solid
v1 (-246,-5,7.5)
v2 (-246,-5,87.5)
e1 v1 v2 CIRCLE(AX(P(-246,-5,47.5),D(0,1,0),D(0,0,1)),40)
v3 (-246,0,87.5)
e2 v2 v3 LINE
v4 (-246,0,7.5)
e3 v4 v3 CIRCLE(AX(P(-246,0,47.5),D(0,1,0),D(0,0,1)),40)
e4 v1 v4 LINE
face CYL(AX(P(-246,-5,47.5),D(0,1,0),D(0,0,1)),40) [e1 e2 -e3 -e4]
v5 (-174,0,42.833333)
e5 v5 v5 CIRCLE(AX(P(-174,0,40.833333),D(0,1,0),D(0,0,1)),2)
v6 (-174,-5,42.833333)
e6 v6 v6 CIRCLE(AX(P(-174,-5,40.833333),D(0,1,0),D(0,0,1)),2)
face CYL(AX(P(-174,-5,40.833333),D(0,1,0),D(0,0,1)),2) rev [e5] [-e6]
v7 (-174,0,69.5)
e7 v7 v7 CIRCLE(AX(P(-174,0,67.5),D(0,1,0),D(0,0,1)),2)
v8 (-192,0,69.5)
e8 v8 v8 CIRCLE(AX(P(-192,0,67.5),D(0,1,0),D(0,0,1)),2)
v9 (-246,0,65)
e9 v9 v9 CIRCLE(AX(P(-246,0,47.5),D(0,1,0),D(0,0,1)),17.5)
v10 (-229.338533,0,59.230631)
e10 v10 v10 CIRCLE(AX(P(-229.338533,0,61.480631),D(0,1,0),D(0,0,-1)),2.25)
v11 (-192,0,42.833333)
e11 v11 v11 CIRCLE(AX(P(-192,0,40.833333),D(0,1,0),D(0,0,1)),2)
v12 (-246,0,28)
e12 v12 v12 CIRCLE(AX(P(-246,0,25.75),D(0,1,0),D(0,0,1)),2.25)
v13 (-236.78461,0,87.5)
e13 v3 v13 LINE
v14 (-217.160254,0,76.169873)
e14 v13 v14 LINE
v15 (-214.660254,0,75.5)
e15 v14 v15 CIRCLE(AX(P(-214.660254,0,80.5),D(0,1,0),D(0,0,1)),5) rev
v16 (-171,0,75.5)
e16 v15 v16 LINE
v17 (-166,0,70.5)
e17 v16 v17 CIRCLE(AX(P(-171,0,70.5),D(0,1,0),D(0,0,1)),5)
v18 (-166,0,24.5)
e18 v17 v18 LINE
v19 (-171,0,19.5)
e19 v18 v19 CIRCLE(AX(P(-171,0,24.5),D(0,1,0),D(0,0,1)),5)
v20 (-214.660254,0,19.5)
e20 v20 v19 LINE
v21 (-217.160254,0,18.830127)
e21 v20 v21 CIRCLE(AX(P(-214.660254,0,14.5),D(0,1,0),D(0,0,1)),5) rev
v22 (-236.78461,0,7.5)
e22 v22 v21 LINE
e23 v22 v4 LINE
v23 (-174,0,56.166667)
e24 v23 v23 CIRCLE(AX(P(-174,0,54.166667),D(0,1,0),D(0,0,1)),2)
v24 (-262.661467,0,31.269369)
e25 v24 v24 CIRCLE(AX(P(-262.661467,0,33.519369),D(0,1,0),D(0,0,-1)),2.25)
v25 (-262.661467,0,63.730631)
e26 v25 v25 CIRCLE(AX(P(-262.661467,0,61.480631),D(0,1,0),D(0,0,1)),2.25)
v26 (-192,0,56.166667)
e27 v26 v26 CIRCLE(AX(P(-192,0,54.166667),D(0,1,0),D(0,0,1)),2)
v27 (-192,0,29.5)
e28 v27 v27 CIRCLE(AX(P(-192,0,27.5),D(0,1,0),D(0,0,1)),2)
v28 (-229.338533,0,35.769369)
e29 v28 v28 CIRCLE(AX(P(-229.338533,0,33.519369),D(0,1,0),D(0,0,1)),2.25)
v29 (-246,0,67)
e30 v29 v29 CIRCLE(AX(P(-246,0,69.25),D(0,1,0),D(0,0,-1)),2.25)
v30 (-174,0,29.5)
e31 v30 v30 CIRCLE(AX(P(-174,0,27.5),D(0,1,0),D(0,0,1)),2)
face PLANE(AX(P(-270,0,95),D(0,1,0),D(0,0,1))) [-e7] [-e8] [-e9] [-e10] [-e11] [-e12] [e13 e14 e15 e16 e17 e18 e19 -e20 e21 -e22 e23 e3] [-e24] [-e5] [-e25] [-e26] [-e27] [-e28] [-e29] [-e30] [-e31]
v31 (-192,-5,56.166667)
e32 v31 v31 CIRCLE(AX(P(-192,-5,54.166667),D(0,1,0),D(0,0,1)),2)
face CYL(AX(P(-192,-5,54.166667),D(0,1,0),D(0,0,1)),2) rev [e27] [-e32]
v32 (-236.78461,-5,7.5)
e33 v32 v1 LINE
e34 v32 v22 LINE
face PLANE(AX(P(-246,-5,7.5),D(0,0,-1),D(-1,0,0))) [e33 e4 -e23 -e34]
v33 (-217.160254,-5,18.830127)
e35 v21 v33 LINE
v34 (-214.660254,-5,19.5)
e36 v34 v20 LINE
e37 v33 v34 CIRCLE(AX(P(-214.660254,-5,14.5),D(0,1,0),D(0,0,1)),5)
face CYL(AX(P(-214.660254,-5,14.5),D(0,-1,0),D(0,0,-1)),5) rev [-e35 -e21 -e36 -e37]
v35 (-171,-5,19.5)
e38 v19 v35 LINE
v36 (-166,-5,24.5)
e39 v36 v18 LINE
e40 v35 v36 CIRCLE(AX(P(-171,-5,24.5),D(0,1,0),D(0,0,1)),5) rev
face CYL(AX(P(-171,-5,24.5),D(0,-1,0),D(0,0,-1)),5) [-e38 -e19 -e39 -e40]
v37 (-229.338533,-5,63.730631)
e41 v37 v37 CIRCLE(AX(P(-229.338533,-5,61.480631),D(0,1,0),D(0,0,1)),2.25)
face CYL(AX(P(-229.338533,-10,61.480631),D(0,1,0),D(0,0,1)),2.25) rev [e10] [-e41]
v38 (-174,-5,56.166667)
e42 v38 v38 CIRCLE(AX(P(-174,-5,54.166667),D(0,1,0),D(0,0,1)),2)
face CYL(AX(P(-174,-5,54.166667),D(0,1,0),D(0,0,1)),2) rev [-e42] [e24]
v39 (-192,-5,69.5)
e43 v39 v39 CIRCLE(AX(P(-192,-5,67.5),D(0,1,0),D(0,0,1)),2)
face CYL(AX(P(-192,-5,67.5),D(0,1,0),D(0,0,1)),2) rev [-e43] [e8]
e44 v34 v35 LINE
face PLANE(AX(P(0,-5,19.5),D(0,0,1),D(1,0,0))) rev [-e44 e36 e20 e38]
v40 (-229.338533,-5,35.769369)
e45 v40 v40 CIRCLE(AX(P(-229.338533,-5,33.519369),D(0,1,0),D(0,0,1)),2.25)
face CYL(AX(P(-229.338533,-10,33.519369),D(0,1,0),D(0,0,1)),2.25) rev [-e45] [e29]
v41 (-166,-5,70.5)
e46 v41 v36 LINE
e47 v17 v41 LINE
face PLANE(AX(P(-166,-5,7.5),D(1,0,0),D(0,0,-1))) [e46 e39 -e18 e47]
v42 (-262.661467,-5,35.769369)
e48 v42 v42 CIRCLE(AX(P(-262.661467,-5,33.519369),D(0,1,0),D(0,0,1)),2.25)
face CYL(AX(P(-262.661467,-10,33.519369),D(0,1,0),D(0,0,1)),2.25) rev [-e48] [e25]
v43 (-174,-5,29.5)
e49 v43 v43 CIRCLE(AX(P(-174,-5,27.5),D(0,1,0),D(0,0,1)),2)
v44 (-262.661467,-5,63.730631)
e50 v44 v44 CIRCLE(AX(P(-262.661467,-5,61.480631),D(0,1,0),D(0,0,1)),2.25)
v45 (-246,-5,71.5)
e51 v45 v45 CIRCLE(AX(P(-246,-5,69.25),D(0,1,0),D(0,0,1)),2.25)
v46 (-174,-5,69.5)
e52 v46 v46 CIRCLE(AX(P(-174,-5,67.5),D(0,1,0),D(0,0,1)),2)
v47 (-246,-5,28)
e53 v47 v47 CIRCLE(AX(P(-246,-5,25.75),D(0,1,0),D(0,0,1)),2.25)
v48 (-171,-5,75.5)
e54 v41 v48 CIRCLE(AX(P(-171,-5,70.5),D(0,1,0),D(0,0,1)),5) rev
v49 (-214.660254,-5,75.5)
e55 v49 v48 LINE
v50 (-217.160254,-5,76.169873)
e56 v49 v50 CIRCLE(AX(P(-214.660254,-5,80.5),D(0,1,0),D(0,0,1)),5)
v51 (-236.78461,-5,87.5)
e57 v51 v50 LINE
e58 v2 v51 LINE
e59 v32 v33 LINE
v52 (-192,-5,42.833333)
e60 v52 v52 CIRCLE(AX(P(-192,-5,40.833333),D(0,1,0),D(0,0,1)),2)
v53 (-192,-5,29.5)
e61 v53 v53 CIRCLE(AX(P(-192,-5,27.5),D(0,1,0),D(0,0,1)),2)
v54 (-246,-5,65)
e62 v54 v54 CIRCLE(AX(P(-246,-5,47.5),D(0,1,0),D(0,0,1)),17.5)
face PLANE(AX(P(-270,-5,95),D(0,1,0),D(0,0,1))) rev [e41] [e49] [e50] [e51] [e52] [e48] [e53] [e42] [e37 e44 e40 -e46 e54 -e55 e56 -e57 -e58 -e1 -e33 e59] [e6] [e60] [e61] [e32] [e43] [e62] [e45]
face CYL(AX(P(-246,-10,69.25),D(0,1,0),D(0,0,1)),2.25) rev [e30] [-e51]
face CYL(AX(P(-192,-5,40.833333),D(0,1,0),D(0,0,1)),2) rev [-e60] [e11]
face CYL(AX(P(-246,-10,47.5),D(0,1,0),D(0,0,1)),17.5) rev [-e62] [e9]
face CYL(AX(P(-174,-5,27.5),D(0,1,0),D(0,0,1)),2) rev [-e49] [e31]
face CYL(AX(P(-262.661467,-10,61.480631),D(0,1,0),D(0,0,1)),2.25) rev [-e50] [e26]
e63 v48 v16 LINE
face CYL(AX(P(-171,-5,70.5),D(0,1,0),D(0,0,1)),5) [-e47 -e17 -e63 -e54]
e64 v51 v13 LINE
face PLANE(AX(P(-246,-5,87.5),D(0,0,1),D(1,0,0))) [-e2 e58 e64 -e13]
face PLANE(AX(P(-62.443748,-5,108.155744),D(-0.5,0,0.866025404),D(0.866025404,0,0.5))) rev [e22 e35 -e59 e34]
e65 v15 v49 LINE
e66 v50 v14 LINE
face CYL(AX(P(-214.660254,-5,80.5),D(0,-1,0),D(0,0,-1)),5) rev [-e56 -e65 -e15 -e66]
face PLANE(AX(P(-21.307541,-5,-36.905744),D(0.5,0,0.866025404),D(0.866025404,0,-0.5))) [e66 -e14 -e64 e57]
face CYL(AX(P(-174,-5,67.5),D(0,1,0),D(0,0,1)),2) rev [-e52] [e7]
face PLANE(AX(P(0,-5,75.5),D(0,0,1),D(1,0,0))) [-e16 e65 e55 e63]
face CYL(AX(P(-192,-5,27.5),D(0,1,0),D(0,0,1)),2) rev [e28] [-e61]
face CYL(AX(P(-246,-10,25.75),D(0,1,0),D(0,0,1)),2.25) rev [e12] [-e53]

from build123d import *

# Parameters (mm, degrees)
SKETCH_1_W          = 270
SKETCH_1_H          = 5
EXTRUDE_1_DEPTH     = 95
SKETCH_2_R          = 2.25
SKETCH_2_R_2        = 17.5
CUT_EXTRUDE_1_DEPTH = 10
SKETCH_3_W          = 70
SKETCH_3_H          = 20
CUT_EXTRUDE_2_DEPTH = 10
SKETCH_6_W          = 219.864116777
SKETCH_6_H          = 129.686347052
CUT_EXTRUDE_5_DEPTH = 10
SKETCH_7_W          = 55.982845341
SKETCH_7_H          = 55
EXTRUDE_1_2_DEPTH   = 5
SKETCH_9_R          = 2
CUT_EXTRUDE_6_DEPTH = 5
FILLET_1_R          = 5
CUT_EXTRUDE_START   = -5
CUT_EXTRUDE_7_DEPTH = 5
FILLET_2_R          = 5


with BuildPart() as part:
    # 草图1 → Extrude 1 (new body)
    with BuildSketch(Plane.XY):
        with Locations((-135, -2.5)):
            Rectangle(SKETCH_1_W, SKETCH_1_H)
    extrude(amount=EXTRUDE_1_DEPTH)

    # 草图2 → 切除-拉伸1 (cut)
    with BuildSketch(Plane(origin=(0, 0, 0), x_dir=(1, 0, 0), z_dir=(0, 1, 0))):
        with Locations(Location((-246, -25.75, 0), (0, 0, 270))):
            Circle(SKETCH_2_R)
        with Locations(Location((-229.338533362, -33.519369489, 0), (0, 0, 270))):
            Circle(SKETCH_2_R)
        with Locations(Location((-262.661466638, -33.519369489, 0), (0, 0, 270))):
            Circle(SKETCH_2_R)
        with Locations(Location((-262.661466638, -61.480630511, 0), (0, 0, 270))):
            Circle(SKETCH_2_R)
        with Locations(Location((-246, -69.25, 0), (0, 0, 270))):
            Circle(SKETCH_2_R)
        with Locations(Location((-229.338533362, -61.480630511, 0), (0, 0, 270))):
            Circle(SKETCH_2_R)
        with Locations(Location((-246, -47.5, 0), (0, 0, 270))):
            Circle(SKETCH_2_R_2)
    extrude(amount=-CUT_EXTRUDE_1_DEPTH, mode=Mode.SUBTRACT)

    # 草图3 → 切除-拉伸2 (cut)
    with BuildSketch(Plane(origin=(0, 0, 0), x_dir=(1, 0, 0), z_dir=(0, 1, 0))):
        with Locations((-235, -85)):
            Rectangle(SKETCH_3_W, SKETCH_3_H)
        with Locations((-235, -10)):
            Rectangle(SKETCH_3_W, SKETCH_3_H)
        with BuildLine():
            Line((-190, -10), (-190, -34.757359313))
            ThreePointArc((-190, -34.757359313), (-188.148050297, -37.52899791), (-184.878679656, -36.878679656))
            Line((-184.878679656, -36.878679656), (-160.121320344, -12.121320344))
            ThreePointArc((-160.121320344, -12.121320344), (-159.47100209, -8.851949703), (-162.242640687, -7))
            Line((-162.242640687, -7), (-187, -7))
            ThreePointArc((-187, -7), (-189.121320344, -7.878679656), (-190, -10))
        make_face()
        with BuildLine():
            Line((-154.121320344, -12.121320344), (-178.878679656, -36.878679656))
            ThreePointArc((-178.878679656, -36.878679656), (-179.52899791, -40.148050297), (-176.757359313, -42))
            Line((-176.757359313, -42), (-152, -42))
            ThreePointArc((-152, -42), (-149.878679656, -41.121320344), (-149, -39))
            Line((-149, -39), (-149, -14.242640687))
            ThreePointArc((-149, -14.242640687), (-150.851949703, -11.47100209), (-154.121320344, -12.121320344))
        make_face()
        with BuildLine():
            Line((-112.242640687, -7), (-137, -7))
            ThreePointArc((-137, -7), (-139.121320344, -7.878679656), (-140, -10))
            Line((-140, -10), (-140, -34.757359313))
            ThreePointArc((-140, -34.757359313), (-138.148050297, -37.52899791), (-134.878679656, -36.878679656))
            Line((-134.878679656, -36.878679656), (-110.121320344, -12.121320344))
            ThreePointArc((-110.121320344, -12.121320344), (-109.47100209, -8.851949703), (-112.242640687, -7))
        make_face()
        with BuildLine():
            Line((-99, -39), (-99, -14.242640687))
            ThreePointArc((-99, -14.242640687), (-100.851949703, -11.47100209), (-104.121320344, -12.121320344))
            Line((-104.121320344, -12.121320344), (-128.878679656, -36.878679656))
            ThreePointArc((-128.878679656, -36.878679656), (-129.52899791, -40.148050297), (-126.757359313, -42))
            Line((-126.757359313, -42), (-102, -42))
            ThreePointArc((-102, -42), (-99.878679656, -41.121320344), (-99, -39))
        make_face()
        with BuildLine():
            Line((-112.242640687, -52), (-137, -52))
            ThreePointArc((-137, -52), (-139.121320344, -52.878679656), (-140, -55))
            Line((-140, -55), (-140, -79.757359313))
            ThreePointArc((-140, -79.757359313), (-138.148050297, -82.52899791), (-134.878679656, -81.878679656))
            Line((-134.878679656, -81.878679656), (-110.121320344, -57.121320344))
            ThreePointArc((-110.121320344, -57.121320344), (-109.47100209, -53.851949703), (-112.242640687, -52))
        make_face()
        with BuildLine():
            Line((-99, -84), (-99, -59.242640687))
            ThreePointArc((-99, -59.242640687), (-100.851949703, -56.47100209), (-104.121320344, -57.121320344))
            Line((-104.121320344, -57.121320344), (-128.878679656, -81.878679656))
            ThreePointArc((-128.878679656, -81.878679656), (-129.52899791, -85.148050297), (-126.757359313, -87))
            Line((-126.757359313, -87), (-102, -87))
            ThreePointArc((-102, -87), (-99.878679656, -86.121320344), (-99, -84))
        make_face()
        with BuildLine():
            Line((-162.242640687, -52), (-187, -52))
            ThreePointArc((-187, -52), (-189.121320344, -52.878679656), (-190, -55))
            Line((-190, -55), (-190, -79.757359313))
            ThreePointArc((-190, -79.757359313), (-188.148050297, -82.52899791), (-184.878679656, -81.878679656))
            Line((-184.878679656, -81.878679656), (-160.121320344, -57.121320344))
            ThreePointArc((-160.121320344, -57.121320344), (-159.47100209, -53.851949703), (-162.242640687, -52))
        make_face()
        with BuildLine():
            Line((-149, -84), (-149, -59.242640687))
            ThreePointArc((-149, -59.242640687), (-150.851949703, -56.47100209), (-154.121320344, -57.121320344))
            Line((-154.121320344, -57.121320344), (-178.878679656, -81.878679656))
            ThreePointArc((-178.878679656, -81.878679656), (-179.52899791, -85.148050297), (-176.757359313, -87))
            Line((-176.757359313, -87), (-152, -87))
            ThreePointArc((-152, -87), (-149.878679656, -86.121320344), (-149, -84))
        make_face()
        with BuildLine():
            Line((-62.242640687, -7), (-87, -7))
            ThreePointArc((-87, -7), (-89.121320344, -7.878679656), (-90, -10))
            Line((-90, -10), (-90, -34.757359313))
            ThreePointArc((-90, -34.757359313), (-88.148050297, -37.52899791), (-84.878679656, -36.878679656))
            Line((-84.878679656, -36.878679656), (-60.121320344, -12.121320344))
            ThreePointArc((-60.121320344, -12.121320344), (-59.47100209, -8.851949703), (-62.242640687, -7))
        make_face()
        with BuildLine():
            Line((-49, -39), (-49, -14.242640687))
            ThreePointArc((-49, -14.242640687), (-50.851949703, -11.47100209), (-54.121320344, -12.121320344))
            Line((-54.121320344, -12.121320344), (-78.878679656, -36.878679656))
            ThreePointArc((-78.878679656, -36.878679656), (-79.52899791, -40.148050297), (-76.757359313, -42))
            Line((-76.757359313, -42), (-52, -42))
            ThreePointArc((-52, -42), (-49.878679656, -41.121320344), (-49, -39))
        make_face()
        with BuildLine():
            Line((-62.242640687, -52), (-87, -52))
            ThreePointArc((-87, -52), (-89.121320344, -52.878679656), (-90, -55))
            Line((-90, -55), (-90, -79.757359313))
            ThreePointArc((-90, -79.757359313), (-88.148050297, -82.52899791), (-84.878679656, -81.878679656))
            Line((-84.878679656, -81.878679656), (-60.121320344, -57.121320344))
            ThreePointArc((-60.121320344, -57.121320344), (-59.47100209, -53.851949703), (-62.242640687, -52))
        make_face()
        with BuildLine():
            Line((-49, -84), (-49, -59.242640687))
            ThreePointArc((-49, -59.242640687), (-50.851949703, -56.47100209), (-54.121320344, -57.121320344))
            Line((-54.121320344, -57.121320344), (-78.878679656, -81.878679656))
            ThreePointArc((-78.878679656, -81.878679656), (-79.52899791, -85.148050297), (-76.757359313, -87))
            Line((-76.757359313, -87), (-52, -87))
            ThreePointArc((-52, -87), (-49.878679656, -86.121320344), (-49, -84))
        make_face()
    extrude(amount=-CUT_EXTRUDE_2_DEPTH, mode=Mode.SUBTRACT)

    # 草图6 → 切除-拉伸5 (cut)
    with BuildSketch(Plane(origin=(0, 0, 0), x_dir=(1, 0, 0), z_dir=(0, 1, 0))):
        with Locations((-104.085096271, -53.191913683)):
            Rectangle(SKETCH_6_W, SKETCH_6_H)
    extrude(amount=-CUT_EXTRUDE_5_DEPTH, mode=Mode.SUBTRACT)

    # 草图7 → Extrude 1 2 (add)
    with BuildSketch(Plane(origin=(0, 0, 0), x_dir=(1, 0, 0), z_dir=(0, 1, 0))):
        with BuildLine():
            Line((-246, -7.5), (-166, -7.5))
            Line((-166, -7.5), (-166, -87.5))
            Line((-166, -87.5), (-246, -87.5))
            ThreePointArc((-246, -87.5), (-286, -47.5), (-246, -7.5))
        make_face()
        with Locations((-242.008577329, -47.5)):
            Rectangle(SKETCH_7_W, SKETCH_7_H, mode=Mode.SUBTRACT)
    extrude(amount=-EXTRUDE_1_2_DEPTH)

    # 草图9 → 切除-拉伸6 (cut)
    with BuildSketch(Plane(origin=(0, 0, 0), x_dir=(1, 0, 0), z_dir=(0, 1, 0))):
        with Locations(Location((-192, -27.5, 0), (0, 0, 270))):
            Circle(SKETCH_9_R)
        with Locations(Location((-174, -27.5, 0), (0, 0, 270))):
            Circle(SKETCH_9_R)
        with Locations(Location((-174, -40.833333333, 0), (0, 0, 270))):
            Circle(SKETCH_9_R)
        with Locations(Location((-174, -54.166666667, 0), (0, 0, 270))):
            Circle(SKETCH_9_R)
        with Locations(Location((-174, -67.5, 0), (0, 0, 270))):
            Circle(SKETCH_9_R)
        with Locations(Location((-192, -40.833333333, 0), (0, 0, 270))):
            Circle(SKETCH_9_R)
        with Locations(Location((-192, -54.166666667, 0), (0, 0, 270))):
            Circle(SKETCH_9_R)
        with Locations(Location((-192, -67.5, 0), (0, 0, 270))):
            Circle(SKETCH_9_R)
    extrude(amount=-CUT_EXTRUDE_6_DEPTH, mode=Mode.SUBTRACT)

    # 圆角1
    fillet_1_edges = [part.edges().sort_by_distance(p)[0] for p in [
        (-166, -2.5, 7.5),
        (-166, -2.5, 87.5),
    ]]
    fillet(fillet_1_edges, radius=FILLET_1_R)

    # 草图10 → 切除-拉伸7 (cut)
    with BuildSketch(Plane(origin=(0, 0, 0), x_dir=(1, 0, 0), z_dir=(0, 1, 0)).offset(CUT_EXTRUDE_START)):
        with BuildLine():
            Line((-171, -7.5), (-236.784609691, -7.5))
            Line((-236.784609691, -7.5), (-216, -19.5))
            Line((-216, -19.5), (-166, -19.5))
            Line((-166, -19.5), (-166, -12.5))
            ThreePointArc((-166, -12.5), (-167.464466094, -8.964466094), (-171, -7.5))
        make_face()
        with BuildLine():
            Line((-166, -82.5), (-166, -75.5))
            Line((-166, -75.5), (-216, -75.5))
            Line((-216, -75.5), (-236.784609691, -87.5))
            Line((-236.784609691, -87.5), (-171, -87.5))
            ThreePointArc((-171, -87.5), (-167.464466094, -86.035533906), (-166, -82.5))
        make_face()
    extrude(amount=CUT_EXTRUDE_7_DEPTH, mode=Mode.SUBTRACT)

    # 圆角2
    fillet_2_edges = [part.edges().sort_by_distance(p)[0] for p in [
        (-216, -2.5, 19.5),
        (-166, -2.5, 19.5),
        (-216, -2.5, 75.5),
        (-166, -2.5, 75.5),
    ]]
    fillet(fillet_2_edges, radius=FILLET_2_R)


solid = part.part
